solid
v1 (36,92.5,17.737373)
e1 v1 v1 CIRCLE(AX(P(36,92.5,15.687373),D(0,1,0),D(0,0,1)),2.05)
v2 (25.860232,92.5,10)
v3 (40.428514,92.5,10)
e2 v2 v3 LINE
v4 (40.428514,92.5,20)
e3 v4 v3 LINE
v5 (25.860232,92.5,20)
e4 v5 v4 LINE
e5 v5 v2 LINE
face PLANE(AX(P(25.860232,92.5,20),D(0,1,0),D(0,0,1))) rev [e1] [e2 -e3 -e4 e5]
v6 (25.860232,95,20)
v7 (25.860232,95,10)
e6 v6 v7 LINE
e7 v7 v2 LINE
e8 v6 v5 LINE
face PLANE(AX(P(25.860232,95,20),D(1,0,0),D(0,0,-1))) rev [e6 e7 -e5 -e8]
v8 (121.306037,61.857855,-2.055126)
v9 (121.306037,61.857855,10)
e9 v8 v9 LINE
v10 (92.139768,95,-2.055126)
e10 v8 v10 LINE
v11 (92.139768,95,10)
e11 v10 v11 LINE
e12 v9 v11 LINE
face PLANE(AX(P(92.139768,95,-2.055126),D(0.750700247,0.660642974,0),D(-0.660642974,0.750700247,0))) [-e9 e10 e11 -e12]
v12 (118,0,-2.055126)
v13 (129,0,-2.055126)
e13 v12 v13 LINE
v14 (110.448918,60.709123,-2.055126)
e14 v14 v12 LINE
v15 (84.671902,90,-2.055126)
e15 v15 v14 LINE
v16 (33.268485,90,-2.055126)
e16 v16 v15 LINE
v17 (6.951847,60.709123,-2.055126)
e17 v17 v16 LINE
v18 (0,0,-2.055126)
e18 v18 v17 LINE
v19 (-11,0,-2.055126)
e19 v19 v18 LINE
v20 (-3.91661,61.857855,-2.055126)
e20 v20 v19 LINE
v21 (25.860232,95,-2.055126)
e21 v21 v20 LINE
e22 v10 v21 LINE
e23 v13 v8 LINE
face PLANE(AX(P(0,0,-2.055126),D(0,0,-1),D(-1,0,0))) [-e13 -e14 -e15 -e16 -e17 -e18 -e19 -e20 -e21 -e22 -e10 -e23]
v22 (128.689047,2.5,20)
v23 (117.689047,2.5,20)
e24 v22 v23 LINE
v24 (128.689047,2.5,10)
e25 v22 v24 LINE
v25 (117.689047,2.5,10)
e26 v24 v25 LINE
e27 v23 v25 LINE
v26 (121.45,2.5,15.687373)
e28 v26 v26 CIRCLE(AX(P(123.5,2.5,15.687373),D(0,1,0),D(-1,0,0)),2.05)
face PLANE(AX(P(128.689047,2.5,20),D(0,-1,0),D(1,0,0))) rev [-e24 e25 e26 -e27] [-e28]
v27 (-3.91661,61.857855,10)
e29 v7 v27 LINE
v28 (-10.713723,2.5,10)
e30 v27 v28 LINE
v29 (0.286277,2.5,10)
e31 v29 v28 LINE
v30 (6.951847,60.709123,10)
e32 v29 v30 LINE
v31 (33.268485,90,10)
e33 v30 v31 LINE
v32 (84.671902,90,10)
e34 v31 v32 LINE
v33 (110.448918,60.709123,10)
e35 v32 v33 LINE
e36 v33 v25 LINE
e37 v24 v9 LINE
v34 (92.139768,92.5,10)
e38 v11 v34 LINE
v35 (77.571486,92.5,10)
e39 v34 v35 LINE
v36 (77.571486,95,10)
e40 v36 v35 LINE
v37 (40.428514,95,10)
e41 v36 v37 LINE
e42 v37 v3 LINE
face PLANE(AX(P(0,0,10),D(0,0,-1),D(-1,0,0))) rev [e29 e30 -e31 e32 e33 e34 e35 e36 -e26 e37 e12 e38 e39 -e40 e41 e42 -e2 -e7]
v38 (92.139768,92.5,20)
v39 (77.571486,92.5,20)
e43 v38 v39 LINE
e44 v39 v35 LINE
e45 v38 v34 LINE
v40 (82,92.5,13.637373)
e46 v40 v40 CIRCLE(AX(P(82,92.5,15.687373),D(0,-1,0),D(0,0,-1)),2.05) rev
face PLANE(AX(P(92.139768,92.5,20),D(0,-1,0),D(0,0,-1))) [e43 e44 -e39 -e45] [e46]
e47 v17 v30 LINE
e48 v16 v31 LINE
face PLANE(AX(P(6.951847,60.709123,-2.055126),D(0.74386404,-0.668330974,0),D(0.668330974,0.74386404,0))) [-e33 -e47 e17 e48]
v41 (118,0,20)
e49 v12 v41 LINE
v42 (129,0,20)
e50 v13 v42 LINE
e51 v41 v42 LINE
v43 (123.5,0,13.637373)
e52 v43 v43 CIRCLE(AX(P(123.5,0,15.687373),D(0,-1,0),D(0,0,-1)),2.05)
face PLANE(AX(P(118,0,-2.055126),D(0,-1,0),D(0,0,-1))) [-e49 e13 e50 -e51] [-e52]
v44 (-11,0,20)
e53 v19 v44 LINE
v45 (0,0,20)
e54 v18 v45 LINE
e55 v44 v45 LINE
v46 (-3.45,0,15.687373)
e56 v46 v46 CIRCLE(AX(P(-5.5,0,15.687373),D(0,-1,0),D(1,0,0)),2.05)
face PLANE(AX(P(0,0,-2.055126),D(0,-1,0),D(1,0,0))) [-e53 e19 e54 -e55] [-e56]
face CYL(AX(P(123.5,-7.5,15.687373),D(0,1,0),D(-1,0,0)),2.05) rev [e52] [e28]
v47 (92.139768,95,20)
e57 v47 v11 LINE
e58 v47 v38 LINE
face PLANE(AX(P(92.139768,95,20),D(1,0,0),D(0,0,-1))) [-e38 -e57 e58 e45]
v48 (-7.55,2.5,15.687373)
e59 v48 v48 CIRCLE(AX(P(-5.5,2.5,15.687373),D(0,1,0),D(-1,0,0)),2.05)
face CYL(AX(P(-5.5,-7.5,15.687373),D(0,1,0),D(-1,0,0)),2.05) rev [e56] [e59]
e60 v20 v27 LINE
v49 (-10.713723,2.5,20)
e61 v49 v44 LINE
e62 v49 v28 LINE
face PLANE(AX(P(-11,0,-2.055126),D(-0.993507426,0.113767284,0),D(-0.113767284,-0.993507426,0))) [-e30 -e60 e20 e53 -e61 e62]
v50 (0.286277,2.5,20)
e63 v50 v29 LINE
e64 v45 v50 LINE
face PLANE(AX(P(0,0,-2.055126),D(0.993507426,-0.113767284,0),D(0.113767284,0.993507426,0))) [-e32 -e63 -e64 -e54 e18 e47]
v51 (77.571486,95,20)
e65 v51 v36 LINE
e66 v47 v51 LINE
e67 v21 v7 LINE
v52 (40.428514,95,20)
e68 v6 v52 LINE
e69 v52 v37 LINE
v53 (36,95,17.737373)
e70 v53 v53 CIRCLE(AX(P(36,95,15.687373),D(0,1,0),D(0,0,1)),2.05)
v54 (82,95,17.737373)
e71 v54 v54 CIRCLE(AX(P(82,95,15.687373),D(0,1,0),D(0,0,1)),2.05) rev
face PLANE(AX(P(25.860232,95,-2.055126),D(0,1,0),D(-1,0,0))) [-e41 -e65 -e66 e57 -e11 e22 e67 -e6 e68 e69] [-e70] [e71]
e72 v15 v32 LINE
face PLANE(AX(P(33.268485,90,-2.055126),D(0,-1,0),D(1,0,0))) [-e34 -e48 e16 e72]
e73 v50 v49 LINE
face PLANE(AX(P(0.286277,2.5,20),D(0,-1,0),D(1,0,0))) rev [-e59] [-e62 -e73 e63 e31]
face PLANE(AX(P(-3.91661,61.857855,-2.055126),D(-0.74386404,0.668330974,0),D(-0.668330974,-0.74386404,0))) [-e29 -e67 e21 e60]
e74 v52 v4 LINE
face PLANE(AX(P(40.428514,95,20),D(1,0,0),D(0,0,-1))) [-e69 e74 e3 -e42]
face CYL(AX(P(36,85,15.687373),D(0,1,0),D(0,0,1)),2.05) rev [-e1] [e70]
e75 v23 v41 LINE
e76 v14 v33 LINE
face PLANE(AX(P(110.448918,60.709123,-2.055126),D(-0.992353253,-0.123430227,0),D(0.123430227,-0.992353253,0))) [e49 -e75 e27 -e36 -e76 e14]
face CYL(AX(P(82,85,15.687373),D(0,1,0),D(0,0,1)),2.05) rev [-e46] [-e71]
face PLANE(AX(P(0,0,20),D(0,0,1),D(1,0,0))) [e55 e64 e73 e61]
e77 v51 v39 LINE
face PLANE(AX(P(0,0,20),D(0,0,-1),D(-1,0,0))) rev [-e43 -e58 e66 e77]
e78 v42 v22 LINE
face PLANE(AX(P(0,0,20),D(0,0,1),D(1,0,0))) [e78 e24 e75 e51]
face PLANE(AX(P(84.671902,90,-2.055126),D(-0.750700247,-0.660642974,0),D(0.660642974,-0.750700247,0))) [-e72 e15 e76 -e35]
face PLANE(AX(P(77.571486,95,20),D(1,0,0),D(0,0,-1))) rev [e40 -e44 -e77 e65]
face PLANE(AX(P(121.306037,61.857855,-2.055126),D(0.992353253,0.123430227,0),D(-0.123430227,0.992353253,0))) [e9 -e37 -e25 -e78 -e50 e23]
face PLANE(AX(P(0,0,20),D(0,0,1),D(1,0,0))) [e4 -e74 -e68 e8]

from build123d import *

# Parameters (mm, degrees)
BOSS_EXTRUDE1_DEPTH      = 10
BOSS_EXTRUDE1_DEPTH_BACK = 2.055125775
BOSS_EXTRUDE2_DEPTH      = 10
SKETCH3_R                = 2.05
CUT_EXTRUDE1_DEPTH       = 10
SKETCH4_W                = 14.568281885
SKETCH4_H                = 2.5
BOSS_EXTRUDE3_DEPTH      = 10
SKETCH6_R                = 2.05
CUT_EXTRUDE2_DEPTH       = 10


with BuildPart() as part:
    # Sketch1 → Boss-Extrude1 (new, two sides: drawn at the far end of the back side and taken through both)
    with BuildSketch(Plane.XY.offset(-BOSS_EXTRUDE1_DEPTH_BACK)):
        Polygon((0, 0), (-11, 0), (-3.916610397, 61.857854845), (25.860231814, 95), (92.139768186, 95), (121.30603718, 61.857854845), (129, 0), (118, 0), (110.448917943, 60.709123335), (84.671902488, 90), (33.26848477, 90), (6.951847491, 60.709123335), align=None)
    extrude(amount=BOSS_EXTRUDE1_DEPTH + BOSS_EXTRUDE1_DEPTH_BACK)

    # Sketch2 → Boss-Extrude2 (add)
    with BuildSketch(Plane.XY.offset(10)):
        Polygon((-11, 0), (0, 0), (0.286276885, 2.5), (-10.713723115, 2.5), align=None)
        Polygon((118, 0), (129, 0), (128.689046652, 2.5), (117.689046652, 2.5), align=None)
    extrude(amount=BOSS_EXTRUDE2_DEPTH)

    # Sketch3 → Cut-Extrude1 (cut)
    with BuildSketch(Plane(origin=(0, 2.5, 0), x_dir=(1, 0, 0), z_dir=(0, 1, 0))):
        with Locations(Location((-5.5, -15.687372709, 0), (0, 0, 180))):
            Circle(SKETCH3_R)
        with Locations(Location((123.5, -15.687372709, 0), (0, 0, 180))):
            Circle(SKETCH3_R)
    extrude(amount=-CUT_EXTRUDE1_DEPTH, mode=Mode.SUBTRACT)

    # Sketch4 → Boss-Extrude3 (add)
    with BuildSketch(Plane.XY.offset(10)):
        with Locations((33.144372757, 93.75)):
            Rectangle(SKETCH4_W, SKETCH4_H)
        with Locations((84.855627244, 93.75)):
            Rectangle(SKETCH4_W, SKETCH4_H)
    extrude(amount=BOSS_EXTRUDE3_DEPTH)

    # Sketch6 → Cut-Extrude2 (cut)
    with BuildSketch(Plane(origin=(0, 95, 0), x_dir=(1, 0, 0), z_dir=(0, 1, 0))):
        with Locations(Location((36, -15.687372709, 0), (0, 0, 270))):
            Circle(SKETCH6_R)
        with Locations(Location((82, -15.687372709, 0), (0, 0, 270))):
            Circle(SKETCH6_R)
    extrude(amount=-CUT_EXTRUDE2_DEPTH, mode=Mode.SUBTRACT)


solid = part.part
